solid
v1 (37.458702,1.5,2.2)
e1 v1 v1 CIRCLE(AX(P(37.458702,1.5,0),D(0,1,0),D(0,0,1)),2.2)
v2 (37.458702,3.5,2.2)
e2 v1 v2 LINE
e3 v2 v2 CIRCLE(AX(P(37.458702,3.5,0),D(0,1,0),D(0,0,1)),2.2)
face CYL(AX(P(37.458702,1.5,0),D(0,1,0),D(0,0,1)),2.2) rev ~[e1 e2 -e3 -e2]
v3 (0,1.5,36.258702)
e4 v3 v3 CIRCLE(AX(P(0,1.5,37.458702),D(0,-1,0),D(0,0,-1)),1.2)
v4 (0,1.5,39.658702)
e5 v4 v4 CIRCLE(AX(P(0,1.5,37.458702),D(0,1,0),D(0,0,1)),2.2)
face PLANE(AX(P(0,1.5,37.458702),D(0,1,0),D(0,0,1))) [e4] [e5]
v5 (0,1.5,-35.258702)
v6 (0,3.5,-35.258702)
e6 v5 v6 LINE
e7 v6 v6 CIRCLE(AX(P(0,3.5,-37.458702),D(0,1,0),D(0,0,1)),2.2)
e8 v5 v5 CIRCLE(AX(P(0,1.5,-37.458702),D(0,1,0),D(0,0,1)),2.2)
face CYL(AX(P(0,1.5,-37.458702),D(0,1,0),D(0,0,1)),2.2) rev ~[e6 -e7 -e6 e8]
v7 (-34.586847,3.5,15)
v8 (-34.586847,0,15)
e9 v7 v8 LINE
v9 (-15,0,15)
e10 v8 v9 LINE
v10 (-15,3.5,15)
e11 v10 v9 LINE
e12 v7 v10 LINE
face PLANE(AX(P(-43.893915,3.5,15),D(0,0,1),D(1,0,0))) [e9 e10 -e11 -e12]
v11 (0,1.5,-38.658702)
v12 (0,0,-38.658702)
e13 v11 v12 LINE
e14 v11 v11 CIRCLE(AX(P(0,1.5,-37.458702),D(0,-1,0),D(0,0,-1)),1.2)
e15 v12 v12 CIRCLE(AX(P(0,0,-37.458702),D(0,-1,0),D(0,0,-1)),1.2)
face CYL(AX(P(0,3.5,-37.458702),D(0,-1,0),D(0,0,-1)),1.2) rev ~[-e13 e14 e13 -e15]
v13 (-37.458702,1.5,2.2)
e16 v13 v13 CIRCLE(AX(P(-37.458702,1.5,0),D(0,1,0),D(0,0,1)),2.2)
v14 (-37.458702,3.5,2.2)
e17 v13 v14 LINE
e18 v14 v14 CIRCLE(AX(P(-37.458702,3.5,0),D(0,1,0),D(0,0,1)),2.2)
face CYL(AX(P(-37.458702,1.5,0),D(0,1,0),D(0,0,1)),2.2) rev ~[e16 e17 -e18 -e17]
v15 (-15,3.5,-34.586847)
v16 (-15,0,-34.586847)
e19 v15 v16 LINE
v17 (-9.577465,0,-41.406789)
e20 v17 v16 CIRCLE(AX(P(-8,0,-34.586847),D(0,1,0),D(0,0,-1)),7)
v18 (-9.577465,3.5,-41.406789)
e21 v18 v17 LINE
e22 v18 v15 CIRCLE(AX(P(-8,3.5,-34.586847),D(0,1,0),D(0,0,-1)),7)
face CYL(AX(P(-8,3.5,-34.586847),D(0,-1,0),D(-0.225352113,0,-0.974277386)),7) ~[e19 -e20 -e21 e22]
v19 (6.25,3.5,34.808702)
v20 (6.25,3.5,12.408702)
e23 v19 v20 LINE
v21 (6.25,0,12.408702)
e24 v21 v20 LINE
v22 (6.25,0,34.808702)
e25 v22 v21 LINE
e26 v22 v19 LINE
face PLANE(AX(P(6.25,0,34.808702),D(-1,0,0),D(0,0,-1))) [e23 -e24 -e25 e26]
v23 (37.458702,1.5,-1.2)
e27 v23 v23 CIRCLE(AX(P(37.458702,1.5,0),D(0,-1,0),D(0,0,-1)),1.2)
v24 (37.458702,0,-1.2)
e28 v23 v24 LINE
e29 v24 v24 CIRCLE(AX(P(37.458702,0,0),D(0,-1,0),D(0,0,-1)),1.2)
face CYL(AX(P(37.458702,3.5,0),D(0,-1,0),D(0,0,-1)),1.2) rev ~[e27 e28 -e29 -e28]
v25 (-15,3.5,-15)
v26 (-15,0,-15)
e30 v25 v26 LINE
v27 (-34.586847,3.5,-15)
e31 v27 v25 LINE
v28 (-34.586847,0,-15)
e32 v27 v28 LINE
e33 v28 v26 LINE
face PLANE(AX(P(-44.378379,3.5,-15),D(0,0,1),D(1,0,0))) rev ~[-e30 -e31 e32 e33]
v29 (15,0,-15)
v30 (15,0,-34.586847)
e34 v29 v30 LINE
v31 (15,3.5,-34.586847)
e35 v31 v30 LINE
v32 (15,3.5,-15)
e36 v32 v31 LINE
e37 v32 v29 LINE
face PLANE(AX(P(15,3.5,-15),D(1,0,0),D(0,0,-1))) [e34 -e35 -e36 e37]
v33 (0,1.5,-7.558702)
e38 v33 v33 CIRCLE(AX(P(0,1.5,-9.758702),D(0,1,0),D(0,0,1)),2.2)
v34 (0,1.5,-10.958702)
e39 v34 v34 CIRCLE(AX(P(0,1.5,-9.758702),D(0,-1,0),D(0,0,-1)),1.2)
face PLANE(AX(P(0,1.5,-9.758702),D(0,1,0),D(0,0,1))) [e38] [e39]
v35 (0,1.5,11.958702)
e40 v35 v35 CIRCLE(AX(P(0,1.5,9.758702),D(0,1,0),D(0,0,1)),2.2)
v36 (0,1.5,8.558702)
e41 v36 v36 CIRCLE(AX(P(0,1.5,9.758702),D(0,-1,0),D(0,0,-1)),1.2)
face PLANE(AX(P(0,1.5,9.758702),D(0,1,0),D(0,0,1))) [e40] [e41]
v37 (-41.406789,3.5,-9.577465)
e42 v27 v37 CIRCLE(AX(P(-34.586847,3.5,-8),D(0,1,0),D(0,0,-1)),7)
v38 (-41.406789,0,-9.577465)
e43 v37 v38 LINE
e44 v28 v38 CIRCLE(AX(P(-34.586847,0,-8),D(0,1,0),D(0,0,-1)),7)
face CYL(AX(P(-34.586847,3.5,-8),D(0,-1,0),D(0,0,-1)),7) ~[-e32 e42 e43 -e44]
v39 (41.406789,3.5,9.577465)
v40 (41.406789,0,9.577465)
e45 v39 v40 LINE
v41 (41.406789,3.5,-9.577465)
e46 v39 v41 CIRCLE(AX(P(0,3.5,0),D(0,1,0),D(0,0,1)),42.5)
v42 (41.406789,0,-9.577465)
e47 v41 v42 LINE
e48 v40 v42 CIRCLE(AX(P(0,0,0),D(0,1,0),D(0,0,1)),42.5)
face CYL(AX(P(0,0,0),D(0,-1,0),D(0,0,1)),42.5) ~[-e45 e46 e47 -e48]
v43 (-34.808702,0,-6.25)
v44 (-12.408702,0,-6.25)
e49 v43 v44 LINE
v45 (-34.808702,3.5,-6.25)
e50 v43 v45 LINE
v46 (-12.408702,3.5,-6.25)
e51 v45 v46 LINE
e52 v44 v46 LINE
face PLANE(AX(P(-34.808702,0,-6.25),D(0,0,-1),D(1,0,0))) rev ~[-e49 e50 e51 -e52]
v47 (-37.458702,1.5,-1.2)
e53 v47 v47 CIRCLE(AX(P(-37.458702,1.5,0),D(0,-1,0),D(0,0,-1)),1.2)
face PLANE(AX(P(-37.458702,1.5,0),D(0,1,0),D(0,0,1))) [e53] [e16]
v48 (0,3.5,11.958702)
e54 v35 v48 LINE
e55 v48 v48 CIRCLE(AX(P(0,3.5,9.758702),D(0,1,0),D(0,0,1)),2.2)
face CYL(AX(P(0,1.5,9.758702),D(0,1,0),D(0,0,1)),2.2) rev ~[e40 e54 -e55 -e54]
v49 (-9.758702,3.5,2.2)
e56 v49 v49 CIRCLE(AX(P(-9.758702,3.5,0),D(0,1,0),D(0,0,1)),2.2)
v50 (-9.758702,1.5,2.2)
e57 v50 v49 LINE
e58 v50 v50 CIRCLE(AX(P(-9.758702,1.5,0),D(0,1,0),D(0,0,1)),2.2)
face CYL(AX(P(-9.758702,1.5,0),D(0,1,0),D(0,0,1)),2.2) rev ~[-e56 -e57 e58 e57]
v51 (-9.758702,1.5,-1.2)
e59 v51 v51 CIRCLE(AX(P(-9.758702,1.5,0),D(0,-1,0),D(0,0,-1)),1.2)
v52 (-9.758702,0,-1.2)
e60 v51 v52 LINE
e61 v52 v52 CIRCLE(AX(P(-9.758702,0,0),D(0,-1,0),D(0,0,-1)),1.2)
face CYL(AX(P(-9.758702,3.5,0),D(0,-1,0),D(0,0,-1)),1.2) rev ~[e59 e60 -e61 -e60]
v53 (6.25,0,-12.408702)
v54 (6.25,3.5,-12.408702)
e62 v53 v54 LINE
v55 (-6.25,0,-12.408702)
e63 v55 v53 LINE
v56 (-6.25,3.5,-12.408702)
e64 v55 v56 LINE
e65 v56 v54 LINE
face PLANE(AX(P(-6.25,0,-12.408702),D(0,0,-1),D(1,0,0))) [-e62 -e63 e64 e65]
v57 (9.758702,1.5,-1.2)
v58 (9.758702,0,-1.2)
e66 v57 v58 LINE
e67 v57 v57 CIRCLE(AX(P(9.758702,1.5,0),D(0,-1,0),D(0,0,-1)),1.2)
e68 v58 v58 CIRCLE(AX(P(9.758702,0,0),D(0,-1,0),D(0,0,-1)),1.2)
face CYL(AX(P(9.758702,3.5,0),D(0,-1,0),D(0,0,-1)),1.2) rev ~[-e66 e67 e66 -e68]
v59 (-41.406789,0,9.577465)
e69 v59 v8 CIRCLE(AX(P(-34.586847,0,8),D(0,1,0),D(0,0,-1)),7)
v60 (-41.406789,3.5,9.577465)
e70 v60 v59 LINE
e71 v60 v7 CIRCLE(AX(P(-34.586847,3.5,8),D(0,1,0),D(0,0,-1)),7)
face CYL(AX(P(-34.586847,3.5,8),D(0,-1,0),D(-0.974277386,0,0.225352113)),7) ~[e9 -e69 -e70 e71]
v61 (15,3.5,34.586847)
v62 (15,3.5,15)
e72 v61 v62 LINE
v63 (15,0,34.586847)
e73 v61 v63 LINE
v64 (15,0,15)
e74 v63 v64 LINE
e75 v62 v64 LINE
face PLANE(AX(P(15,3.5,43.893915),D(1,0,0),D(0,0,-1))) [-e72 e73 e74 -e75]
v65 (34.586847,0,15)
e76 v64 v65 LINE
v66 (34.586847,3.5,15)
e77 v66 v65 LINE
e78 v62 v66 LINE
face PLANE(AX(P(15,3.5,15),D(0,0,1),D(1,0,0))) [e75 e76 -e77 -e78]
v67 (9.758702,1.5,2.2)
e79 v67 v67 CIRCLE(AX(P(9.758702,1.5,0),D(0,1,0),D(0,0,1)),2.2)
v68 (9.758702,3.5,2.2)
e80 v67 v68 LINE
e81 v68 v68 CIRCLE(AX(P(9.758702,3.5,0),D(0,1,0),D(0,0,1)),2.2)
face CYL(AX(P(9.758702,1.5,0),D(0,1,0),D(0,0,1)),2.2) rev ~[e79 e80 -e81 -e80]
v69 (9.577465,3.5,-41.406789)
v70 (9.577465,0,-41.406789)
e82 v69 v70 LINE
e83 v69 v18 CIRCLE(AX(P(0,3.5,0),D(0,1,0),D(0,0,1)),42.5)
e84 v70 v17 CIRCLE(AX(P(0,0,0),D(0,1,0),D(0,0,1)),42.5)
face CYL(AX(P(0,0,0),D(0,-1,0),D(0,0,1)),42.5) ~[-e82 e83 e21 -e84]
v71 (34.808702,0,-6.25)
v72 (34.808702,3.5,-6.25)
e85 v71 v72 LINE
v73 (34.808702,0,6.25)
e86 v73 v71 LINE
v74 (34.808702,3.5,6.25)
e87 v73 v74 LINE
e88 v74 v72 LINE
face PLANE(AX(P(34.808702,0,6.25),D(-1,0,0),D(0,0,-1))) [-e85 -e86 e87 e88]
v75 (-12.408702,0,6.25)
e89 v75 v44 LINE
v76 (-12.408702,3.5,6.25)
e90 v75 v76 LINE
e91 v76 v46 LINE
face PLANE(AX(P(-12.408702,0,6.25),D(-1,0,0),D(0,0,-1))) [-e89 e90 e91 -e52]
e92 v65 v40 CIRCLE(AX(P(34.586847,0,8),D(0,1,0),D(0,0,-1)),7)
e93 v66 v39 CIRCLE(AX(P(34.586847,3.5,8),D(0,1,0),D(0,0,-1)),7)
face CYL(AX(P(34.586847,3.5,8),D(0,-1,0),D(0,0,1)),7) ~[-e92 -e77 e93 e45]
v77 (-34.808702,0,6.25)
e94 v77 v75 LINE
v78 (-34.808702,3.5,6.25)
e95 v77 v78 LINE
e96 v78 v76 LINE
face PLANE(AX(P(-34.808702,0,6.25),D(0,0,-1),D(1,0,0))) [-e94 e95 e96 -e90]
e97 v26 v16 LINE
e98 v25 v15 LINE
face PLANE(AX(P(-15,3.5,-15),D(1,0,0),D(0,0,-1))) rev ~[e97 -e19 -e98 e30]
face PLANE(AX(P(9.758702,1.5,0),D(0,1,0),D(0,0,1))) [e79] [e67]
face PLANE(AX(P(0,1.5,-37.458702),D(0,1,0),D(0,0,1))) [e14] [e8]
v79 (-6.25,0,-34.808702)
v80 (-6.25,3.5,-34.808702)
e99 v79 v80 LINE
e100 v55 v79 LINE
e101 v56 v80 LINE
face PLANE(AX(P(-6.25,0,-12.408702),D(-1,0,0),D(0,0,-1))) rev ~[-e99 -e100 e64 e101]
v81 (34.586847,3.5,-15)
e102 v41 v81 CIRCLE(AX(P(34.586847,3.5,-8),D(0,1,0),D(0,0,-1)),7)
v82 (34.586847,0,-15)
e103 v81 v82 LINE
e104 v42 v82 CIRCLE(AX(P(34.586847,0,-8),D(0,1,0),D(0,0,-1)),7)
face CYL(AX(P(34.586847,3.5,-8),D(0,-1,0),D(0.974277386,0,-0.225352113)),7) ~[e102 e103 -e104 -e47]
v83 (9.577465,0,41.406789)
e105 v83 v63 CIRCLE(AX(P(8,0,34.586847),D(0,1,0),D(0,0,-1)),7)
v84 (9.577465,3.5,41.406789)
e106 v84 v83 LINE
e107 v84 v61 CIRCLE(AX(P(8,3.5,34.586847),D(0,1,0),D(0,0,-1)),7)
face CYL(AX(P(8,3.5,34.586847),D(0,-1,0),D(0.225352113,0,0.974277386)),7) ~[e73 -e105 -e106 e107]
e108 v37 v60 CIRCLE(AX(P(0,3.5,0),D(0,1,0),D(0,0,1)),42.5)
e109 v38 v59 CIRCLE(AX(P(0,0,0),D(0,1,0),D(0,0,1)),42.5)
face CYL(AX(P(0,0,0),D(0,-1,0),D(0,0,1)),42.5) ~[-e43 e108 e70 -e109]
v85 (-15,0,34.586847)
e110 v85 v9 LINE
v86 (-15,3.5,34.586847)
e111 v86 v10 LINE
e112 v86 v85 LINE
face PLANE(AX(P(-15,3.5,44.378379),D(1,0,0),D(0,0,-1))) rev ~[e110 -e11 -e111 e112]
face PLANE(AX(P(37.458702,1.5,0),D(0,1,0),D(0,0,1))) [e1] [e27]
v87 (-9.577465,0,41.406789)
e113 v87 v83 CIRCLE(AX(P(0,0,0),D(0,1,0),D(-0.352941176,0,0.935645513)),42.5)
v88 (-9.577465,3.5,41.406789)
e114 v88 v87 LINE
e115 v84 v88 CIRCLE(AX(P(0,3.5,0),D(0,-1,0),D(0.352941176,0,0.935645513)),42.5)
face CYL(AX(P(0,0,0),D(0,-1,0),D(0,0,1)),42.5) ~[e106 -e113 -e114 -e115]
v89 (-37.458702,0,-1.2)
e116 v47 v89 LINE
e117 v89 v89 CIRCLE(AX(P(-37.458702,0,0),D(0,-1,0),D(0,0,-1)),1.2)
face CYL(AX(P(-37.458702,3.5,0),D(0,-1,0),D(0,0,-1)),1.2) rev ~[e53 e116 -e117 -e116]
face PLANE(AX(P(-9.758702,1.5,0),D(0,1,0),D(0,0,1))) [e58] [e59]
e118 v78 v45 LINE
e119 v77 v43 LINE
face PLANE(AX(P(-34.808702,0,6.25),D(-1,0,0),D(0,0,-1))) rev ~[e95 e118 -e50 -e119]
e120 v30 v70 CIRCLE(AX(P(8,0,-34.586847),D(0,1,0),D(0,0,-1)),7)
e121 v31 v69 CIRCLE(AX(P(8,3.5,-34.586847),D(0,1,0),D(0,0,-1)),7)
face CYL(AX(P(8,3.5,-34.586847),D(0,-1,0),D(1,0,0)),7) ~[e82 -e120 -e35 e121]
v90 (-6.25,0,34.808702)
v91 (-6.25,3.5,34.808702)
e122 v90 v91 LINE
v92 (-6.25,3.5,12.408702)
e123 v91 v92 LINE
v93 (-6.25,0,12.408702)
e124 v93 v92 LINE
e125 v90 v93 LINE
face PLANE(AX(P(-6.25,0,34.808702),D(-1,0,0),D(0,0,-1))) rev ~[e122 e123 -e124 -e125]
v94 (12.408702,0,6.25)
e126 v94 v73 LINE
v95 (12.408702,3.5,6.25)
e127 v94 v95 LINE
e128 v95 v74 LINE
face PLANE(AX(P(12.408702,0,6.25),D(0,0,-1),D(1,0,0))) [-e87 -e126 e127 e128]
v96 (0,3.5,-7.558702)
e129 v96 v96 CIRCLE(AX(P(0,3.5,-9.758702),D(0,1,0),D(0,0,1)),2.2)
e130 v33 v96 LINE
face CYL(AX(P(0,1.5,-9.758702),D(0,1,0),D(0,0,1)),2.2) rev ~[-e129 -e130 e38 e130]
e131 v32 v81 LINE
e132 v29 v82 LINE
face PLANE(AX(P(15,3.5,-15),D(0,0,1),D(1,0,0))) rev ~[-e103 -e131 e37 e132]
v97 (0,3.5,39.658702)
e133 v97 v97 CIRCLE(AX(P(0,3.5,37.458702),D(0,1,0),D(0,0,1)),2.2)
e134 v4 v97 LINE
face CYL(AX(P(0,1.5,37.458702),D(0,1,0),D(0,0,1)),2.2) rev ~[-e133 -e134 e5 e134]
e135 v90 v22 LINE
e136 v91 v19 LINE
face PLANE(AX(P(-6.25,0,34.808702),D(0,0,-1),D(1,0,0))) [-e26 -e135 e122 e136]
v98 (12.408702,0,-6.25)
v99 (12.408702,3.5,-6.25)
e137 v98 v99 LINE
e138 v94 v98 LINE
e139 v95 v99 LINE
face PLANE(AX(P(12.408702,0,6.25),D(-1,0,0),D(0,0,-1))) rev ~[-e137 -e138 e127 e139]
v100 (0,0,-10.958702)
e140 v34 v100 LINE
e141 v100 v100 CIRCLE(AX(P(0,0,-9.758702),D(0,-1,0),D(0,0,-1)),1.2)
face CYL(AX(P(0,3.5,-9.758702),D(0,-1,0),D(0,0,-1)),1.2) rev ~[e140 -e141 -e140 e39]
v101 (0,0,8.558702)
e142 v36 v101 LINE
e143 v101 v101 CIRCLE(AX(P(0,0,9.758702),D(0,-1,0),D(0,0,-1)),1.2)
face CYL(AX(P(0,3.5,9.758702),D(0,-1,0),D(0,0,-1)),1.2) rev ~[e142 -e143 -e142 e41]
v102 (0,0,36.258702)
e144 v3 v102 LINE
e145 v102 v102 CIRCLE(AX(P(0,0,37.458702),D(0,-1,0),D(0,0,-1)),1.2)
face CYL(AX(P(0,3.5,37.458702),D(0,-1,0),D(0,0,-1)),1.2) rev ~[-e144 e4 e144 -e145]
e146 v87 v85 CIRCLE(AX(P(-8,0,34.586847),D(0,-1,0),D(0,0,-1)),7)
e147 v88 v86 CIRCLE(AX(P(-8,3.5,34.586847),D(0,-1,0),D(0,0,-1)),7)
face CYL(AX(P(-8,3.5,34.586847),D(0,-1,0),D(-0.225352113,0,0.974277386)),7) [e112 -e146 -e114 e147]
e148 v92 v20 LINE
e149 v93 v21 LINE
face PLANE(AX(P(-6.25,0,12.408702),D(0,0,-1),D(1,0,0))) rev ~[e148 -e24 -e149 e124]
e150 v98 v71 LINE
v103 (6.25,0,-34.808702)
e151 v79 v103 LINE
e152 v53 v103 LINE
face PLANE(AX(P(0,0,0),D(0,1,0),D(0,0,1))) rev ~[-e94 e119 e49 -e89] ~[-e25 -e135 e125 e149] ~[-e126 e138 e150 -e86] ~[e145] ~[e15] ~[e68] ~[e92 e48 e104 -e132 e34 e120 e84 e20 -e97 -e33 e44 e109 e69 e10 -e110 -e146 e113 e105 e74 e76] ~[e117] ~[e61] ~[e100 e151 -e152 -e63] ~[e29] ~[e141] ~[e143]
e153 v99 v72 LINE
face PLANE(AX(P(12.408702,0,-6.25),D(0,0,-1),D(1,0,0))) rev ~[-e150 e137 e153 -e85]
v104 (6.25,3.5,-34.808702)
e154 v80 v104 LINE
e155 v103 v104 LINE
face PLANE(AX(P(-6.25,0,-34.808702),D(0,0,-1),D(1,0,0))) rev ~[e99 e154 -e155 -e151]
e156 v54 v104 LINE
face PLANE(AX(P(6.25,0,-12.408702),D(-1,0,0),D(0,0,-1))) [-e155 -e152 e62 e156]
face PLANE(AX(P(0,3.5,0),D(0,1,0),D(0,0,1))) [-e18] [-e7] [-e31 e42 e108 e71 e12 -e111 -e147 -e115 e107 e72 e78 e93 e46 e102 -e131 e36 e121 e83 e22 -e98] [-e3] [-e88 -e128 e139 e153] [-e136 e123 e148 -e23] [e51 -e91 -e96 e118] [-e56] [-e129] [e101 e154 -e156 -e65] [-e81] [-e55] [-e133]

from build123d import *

# Parameters (mm, degrees)
SKETCH_1_R                   = 42.5
SKETCH_1_W                   = 12.5
SKETCH_1_H                   = 22.4
SKETCH_1_W_2                 = 22.4
SKETCH_1_H_2                 = 12.5
EXTRUDE_1_DEPTH              = 3.5
HOLE_WIZARD_M2_1_D           = 2.4
HOLE_WIZARD_M2_1_CBORE_D     = 4.4
HOLE_WIZARD_M2_1_CBORE_DEPTH = 2
SKETCH_5_W                   = 28.893914533
SKETCH_5_H                   = 29.378378832
SKETCH_5_W_2                 = 29.378378832
SKETCH_5_H_2                 = 28.893914533
CUT_EXTRUDE_1_DEPTH          = 10
FILLET_1_R                   = 7


with BuildPart() as part:
    # 草图1 → 凸台-拉伸1 (new body)
    with BuildSketch(Plane(origin=(0, 0, 0), x_dir=(1, 0, 0), z_dir=(0, 1, 0))):
        with Locations(Location((0, 0, 0), (0, 0, 270))):
            Circle(SKETCH_1_R)
        with Locations((0, 23.608701573)):
            Rectangle(SKETCH_1_W, SKETCH_1_H, mode=Mode.SUBTRACT)
        with Locations((-23.608701573, 0)):
            Rectangle(SKETCH_1_W_2, SKETCH_1_H_2, mode=Mode.SUBTRACT)
        with Locations((23.608701573, 0)):
            Rectangle(SKETCH_1_W_2, SKETCH_1_H_2, mode=Mode.SUBTRACT)
        with Locations((0, -23.608701573)):
            Rectangle(SKETCH_1_W, SKETCH_1_H, mode=Mode.SUBTRACT)
    extrude(amount=EXTRUDE_1_DEPTH)

    # M2 凹头盖螺钉的柱形沉头孔1 (through all)
    with Locations(Plane(origin=(-9.758701573, 3.5, 0), x_dir=(0, 0, 1), z_dir=(0, 1, 0))):
        with Locations((0, 0), (-9.758701573, 9.758701573), (0, 19.517403146), (9.758701573, 9.758701573), (0, 47.217403146), (-37.458701573, 9.758701573), (0, -27.7), (37.458701573, 9.758701573)):
            CounterBoreHole(HOLE_WIZARD_M2_1_D / 2, HOLE_WIZARD_M2_1_CBORE_D / 2, HOLE_WIZARD_M2_1_CBORE_DEPTH)

    # 草图5 → 切除-拉伸1 (cut)
    with BuildSketch(Plane(origin=(0, 3.5, 0), x_dir=(1, 0, 0), z_dir=(0, 1, 0))):
        with Locations((29.446957267, 29.689189416)):
            Rectangle(SKETCH_5_W, SKETCH_5_H)
        with Locations((-29.689189416, 29.446957267)):
            Rectangle(SKETCH_5_W_2, SKETCH_5_H_2)
        with Locations((29.689189416, -29.446957267)):
            Rectangle(SKETCH_5_W_2, SKETCH_5_H_2)
        with Locations((-29.446957267, -29.689189416)):
            Rectangle(SKETCH_5_W, SKETCH_5_H)
    extrude(amount=-CUT_EXTRUDE_1_DEPTH, mode=Mode.SUBTRACT)

    # 圆角1
    fillet_1_edges = [part.edges().sort_by_distance(p)[0] for p in [
        (-39.764934301, 1.75, -15),
        (-15, 1.75, -39.764934301),
        (-39.764934301, 1.75, 15),
        (-15, 1.75, 39.764934301),
        (15, 1.75, 39.764934301),
        (39.764934301, 1.75, 15),
        (39.764934301, 1.75, -15),
        (15, 1.75, -39.764934301),
    ]]
    fillet(fillet_1_edges, radius=FILLET_1_R)


solid = part.part
